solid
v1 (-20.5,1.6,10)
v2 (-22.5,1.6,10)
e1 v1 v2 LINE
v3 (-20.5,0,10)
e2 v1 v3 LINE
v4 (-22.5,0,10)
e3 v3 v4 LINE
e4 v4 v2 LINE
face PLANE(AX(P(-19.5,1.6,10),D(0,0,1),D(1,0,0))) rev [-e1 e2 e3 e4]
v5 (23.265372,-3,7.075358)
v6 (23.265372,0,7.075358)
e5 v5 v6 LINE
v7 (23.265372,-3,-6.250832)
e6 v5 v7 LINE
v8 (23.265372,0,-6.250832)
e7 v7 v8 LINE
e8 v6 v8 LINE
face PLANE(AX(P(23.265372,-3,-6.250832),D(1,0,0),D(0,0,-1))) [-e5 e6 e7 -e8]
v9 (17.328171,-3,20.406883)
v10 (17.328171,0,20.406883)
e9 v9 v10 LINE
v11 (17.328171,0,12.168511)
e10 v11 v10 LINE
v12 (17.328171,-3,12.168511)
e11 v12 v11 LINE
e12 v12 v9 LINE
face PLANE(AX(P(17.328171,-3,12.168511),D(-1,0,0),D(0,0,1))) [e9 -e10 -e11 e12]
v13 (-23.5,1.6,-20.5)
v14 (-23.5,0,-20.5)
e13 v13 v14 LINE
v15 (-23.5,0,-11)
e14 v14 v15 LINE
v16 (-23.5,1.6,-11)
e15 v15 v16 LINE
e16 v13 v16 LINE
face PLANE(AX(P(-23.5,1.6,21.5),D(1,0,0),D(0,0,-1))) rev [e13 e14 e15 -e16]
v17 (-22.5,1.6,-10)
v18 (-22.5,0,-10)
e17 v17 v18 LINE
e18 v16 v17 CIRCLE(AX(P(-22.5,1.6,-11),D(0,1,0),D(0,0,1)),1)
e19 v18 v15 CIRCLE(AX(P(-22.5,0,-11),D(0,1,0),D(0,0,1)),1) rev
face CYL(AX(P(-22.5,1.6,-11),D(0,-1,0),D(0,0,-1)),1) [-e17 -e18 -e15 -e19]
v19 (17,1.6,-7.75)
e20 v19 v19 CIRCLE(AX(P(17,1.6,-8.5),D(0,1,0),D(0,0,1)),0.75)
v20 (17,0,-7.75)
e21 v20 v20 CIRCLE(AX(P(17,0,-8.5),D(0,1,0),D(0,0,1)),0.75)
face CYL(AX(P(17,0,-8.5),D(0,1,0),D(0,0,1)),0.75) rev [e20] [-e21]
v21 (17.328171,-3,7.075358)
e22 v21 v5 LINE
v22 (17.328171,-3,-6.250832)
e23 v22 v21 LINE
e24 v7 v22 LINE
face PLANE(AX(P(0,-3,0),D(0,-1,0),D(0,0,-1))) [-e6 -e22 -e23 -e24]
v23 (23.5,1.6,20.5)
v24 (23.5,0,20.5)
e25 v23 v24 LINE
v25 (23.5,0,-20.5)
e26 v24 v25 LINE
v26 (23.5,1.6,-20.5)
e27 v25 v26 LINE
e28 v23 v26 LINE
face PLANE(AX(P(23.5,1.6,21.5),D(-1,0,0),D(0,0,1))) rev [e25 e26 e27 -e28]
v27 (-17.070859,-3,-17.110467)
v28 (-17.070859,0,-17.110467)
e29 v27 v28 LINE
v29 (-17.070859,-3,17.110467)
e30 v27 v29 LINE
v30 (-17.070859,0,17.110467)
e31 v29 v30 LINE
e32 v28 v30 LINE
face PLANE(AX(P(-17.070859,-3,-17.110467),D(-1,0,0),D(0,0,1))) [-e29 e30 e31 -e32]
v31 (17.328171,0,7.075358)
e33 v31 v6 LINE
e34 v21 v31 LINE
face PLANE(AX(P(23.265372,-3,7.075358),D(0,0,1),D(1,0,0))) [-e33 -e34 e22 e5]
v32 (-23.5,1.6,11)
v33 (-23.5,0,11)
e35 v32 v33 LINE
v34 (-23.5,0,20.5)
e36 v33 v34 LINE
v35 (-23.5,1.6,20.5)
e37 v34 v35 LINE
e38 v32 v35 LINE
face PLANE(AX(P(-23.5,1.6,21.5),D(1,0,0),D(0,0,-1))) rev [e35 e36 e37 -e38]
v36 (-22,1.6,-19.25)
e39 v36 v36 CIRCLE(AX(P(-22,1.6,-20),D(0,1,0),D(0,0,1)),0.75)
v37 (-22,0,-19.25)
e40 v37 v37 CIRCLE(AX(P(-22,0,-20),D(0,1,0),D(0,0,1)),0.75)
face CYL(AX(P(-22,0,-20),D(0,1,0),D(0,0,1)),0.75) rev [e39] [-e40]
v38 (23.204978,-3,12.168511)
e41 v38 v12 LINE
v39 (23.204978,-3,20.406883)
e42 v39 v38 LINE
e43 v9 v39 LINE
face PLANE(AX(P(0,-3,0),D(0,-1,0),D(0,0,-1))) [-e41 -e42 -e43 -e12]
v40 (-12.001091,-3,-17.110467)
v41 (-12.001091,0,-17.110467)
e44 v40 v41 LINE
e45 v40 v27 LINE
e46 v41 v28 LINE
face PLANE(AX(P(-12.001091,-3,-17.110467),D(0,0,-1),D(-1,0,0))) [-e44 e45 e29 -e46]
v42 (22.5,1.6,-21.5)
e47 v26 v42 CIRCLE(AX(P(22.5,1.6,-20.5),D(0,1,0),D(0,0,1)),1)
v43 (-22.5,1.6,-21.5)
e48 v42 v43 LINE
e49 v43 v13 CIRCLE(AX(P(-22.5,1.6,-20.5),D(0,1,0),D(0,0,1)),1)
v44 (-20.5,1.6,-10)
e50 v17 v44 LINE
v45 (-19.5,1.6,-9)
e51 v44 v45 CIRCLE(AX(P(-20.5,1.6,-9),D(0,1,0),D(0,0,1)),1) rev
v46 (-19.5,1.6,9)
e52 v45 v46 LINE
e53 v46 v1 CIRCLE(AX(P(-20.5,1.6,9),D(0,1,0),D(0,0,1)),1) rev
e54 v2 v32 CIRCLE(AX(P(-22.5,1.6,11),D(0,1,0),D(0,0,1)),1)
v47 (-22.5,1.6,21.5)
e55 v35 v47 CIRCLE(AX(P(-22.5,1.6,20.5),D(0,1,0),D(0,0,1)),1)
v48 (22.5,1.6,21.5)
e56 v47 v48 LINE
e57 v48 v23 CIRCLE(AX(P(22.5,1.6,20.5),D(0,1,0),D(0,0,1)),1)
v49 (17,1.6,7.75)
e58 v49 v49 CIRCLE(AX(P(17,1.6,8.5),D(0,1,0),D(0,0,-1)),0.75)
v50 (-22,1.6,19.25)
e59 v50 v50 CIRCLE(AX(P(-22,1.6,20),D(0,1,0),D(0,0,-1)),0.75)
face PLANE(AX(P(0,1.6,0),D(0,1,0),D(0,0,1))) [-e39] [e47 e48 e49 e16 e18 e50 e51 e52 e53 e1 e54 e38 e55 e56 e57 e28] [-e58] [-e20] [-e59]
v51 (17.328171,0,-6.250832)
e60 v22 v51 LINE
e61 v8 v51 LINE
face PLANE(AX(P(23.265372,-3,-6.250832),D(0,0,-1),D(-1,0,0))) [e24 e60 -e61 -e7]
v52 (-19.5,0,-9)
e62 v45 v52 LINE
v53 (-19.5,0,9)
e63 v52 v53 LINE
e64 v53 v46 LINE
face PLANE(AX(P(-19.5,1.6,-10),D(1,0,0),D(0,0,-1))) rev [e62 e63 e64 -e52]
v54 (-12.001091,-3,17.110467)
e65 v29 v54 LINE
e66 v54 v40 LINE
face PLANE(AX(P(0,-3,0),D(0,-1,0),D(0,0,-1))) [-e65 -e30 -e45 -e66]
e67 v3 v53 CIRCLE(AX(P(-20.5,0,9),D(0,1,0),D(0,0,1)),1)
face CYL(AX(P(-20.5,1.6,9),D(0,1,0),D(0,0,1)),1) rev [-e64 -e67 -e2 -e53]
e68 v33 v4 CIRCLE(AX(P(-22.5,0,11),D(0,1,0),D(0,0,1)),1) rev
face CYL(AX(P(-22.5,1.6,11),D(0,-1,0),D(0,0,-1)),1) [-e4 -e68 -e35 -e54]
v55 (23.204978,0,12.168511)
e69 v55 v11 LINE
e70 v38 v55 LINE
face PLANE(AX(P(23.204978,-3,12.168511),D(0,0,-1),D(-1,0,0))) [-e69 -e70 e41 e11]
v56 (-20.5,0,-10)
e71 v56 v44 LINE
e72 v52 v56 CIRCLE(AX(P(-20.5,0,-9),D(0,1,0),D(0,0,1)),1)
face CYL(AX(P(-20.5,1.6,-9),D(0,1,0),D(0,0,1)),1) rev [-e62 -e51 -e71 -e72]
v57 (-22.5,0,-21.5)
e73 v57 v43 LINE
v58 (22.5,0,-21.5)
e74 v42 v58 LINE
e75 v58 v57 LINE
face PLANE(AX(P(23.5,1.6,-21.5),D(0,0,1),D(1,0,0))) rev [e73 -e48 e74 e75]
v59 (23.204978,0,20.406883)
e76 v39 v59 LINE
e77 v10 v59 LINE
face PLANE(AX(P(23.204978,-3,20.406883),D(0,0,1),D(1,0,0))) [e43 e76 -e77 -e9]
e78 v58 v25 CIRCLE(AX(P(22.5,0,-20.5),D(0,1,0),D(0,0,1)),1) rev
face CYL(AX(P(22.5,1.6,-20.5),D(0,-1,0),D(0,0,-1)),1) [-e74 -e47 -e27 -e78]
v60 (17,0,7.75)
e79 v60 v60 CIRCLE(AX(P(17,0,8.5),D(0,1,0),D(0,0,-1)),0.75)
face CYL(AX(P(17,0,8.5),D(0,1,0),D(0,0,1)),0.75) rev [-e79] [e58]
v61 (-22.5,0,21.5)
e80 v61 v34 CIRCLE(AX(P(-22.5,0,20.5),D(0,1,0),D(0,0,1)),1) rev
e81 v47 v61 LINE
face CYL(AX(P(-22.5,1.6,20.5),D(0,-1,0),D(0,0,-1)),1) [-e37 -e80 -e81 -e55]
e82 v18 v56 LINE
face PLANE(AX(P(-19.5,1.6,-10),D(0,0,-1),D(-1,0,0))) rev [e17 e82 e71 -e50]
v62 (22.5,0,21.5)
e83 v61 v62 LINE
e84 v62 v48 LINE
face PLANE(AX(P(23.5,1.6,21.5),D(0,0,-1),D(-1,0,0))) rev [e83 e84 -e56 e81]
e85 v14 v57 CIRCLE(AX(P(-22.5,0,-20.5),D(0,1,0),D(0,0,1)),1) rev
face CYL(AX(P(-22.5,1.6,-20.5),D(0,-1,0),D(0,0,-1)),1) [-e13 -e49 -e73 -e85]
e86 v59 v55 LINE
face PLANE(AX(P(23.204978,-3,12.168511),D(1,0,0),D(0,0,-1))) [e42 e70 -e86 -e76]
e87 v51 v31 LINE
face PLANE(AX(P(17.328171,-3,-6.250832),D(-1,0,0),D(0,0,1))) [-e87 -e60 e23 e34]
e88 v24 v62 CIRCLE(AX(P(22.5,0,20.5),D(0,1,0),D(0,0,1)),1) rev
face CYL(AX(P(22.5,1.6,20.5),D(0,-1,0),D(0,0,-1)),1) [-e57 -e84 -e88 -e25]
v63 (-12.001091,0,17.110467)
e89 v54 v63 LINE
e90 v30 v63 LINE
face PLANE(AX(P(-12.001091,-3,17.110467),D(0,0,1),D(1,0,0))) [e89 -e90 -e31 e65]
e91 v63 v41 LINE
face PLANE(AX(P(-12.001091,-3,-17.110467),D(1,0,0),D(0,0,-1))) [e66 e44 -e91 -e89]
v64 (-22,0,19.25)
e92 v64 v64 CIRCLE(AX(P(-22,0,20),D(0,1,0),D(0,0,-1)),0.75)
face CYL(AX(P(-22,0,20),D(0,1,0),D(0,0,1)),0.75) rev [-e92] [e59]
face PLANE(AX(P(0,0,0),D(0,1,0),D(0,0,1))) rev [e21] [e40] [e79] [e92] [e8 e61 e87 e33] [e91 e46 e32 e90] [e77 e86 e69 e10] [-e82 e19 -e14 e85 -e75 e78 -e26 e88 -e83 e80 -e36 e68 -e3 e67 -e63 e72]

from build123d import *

# Parameters (mm, degrees)
SKETCH_1_W          = 47
SKETCH_1_H          = 43
EXTRUDE_1_DEPTH     = 1.6
SKETCH_2_R          = 0.75
CUT_EXTRUDE_1_DEPTH = 2.6
SKETCH_3_R          = 0.75
CUT_EXTRUDE_2_DEPTH = 2.6
FILLET_1_R          = 1
SKETCH_4_W          = 4
SKETCH_4_H          = 20
CUT_EXTRUDE_3_DEPTH = 2.6
FILLET_2_R          = 1
FILLET_3_R          = 1
SKETCH_5_W          = 5.069767946
SKETCH_5_H          = 34.220933634
SKETCH_5_W_2        = 5.937201646
SKETCH_5_H_2        = 13.326189681
SKETCH_5_W_3        = 5.876807137
SKETCH_5_H_3        = 8.238372911
EXTRUDE_2_DEPTH     = 3


with BuildPart() as part:
    # 草图1 → 凸台-拉伸1 (new body)
    with BuildSketch(Plane(origin=(0, 0, 0), x_dir=(1, 0, 0), z_dir=(0, 1, 0))):
        Rectangle(SKETCH_1_W, SKETCH_1_H)
    extrude(amount=EXTRUDE_1_DEPTH)

    # 草图2 → 切除-拉伸1 (cut, through all)
    with BuildSketch(Plane(origin=(0, 1.6, 0), x_dir=(1, 0, 0), z_dir=(0, 1, 0))):
        with Locations((-22, 20)):
            Circle(SKETCH_2_R)
        with Locations((-22, -20)):
            Circle(SKETCH_2_R)
    extrude(amount=-CUT_EXTRUDE_1_DEPTH, mode=Mode.SUBTRACT)

    # 草图3 → 切除-拉伸2 (cut, through all)
    with BuildSketch(Plane(origin=(0, 1.6, 0), x_dir=(1, 0, 0), z_dir=(0, 1, 0))):
        with Locations((17, 8.5)):
            Circle(SKETCH_3_R)
        with Locations((17, -8.5)):
            Circle(SKETCH_3_R)
    extrude(amount=-CUT_EXTRUDE_2_DEPTH, mode=Mode.SUBTRACT)

    # 圆角1
    fillet_1_edges = [part.edges().sort_by_distance(p)[0] for p in [
        (-23.5, 0.8, -21.5),
        (23.5, 0.8, -21.5),
        (23.5, 0.8, 21.5),
        (-23.5, 0.8, 21.5),
    ]]
    fillet(fillet_1_edges, radius=FILLET_1_R)

    # 草图4 → 切除-拉伸3 (cut, through all)
    with BuildSketch(Plane.XZ):
        with Locations((-21.5, 0)):
            Rectangle(SKETCH_4_W, SKETCH_4_H)
    extrude(amount=-CUT_EXTRUDE_3_DEPTH, mode=Mode.SUBTRACT)

    # 圆角2
    fillet_2_edges = [part.edges().sort_by_distance(p)[0] for p in [
        (-23.5, 0.8, -10),
        (-23.5, 0.8, 10),
    ]]
    fillet(fillet_2_edges, radius=FILLET_2_R)

    # 圆角3
    fillet_3_edges = [part.edges().sort_by_distance(p)[0] for p in [
        (-19.5, 0.8, 10),
        (-19.5, 0.8, -10),
    ]]
    fillet(fillet_3_edges, radius=FILLET_3_R)

    # 草图5 → 凸台-拉伸2 (add)
    with BuildSketch(Plane(origin=(0, 0, 0), x_dir=(1, 0, 0), z_dir=(0, 1, 0))):
        with Locations((-14.535975282, 0)):
            Rectangle(SKETCH_5_W, SKETCH_5_H)
        with Locations((20.296771565, -0.412263102)):
            Rectangle(SKETCH_5_W_2, SKETCH_5_H_2)
        with Locations((20.266574311, -16.287696964)):
            Rectangle(SKETCH_5_W_3, SKETCH_5_H_3)
    extrude(amount=-EXTRUDE_2_DEPTH)


solid = part.part
